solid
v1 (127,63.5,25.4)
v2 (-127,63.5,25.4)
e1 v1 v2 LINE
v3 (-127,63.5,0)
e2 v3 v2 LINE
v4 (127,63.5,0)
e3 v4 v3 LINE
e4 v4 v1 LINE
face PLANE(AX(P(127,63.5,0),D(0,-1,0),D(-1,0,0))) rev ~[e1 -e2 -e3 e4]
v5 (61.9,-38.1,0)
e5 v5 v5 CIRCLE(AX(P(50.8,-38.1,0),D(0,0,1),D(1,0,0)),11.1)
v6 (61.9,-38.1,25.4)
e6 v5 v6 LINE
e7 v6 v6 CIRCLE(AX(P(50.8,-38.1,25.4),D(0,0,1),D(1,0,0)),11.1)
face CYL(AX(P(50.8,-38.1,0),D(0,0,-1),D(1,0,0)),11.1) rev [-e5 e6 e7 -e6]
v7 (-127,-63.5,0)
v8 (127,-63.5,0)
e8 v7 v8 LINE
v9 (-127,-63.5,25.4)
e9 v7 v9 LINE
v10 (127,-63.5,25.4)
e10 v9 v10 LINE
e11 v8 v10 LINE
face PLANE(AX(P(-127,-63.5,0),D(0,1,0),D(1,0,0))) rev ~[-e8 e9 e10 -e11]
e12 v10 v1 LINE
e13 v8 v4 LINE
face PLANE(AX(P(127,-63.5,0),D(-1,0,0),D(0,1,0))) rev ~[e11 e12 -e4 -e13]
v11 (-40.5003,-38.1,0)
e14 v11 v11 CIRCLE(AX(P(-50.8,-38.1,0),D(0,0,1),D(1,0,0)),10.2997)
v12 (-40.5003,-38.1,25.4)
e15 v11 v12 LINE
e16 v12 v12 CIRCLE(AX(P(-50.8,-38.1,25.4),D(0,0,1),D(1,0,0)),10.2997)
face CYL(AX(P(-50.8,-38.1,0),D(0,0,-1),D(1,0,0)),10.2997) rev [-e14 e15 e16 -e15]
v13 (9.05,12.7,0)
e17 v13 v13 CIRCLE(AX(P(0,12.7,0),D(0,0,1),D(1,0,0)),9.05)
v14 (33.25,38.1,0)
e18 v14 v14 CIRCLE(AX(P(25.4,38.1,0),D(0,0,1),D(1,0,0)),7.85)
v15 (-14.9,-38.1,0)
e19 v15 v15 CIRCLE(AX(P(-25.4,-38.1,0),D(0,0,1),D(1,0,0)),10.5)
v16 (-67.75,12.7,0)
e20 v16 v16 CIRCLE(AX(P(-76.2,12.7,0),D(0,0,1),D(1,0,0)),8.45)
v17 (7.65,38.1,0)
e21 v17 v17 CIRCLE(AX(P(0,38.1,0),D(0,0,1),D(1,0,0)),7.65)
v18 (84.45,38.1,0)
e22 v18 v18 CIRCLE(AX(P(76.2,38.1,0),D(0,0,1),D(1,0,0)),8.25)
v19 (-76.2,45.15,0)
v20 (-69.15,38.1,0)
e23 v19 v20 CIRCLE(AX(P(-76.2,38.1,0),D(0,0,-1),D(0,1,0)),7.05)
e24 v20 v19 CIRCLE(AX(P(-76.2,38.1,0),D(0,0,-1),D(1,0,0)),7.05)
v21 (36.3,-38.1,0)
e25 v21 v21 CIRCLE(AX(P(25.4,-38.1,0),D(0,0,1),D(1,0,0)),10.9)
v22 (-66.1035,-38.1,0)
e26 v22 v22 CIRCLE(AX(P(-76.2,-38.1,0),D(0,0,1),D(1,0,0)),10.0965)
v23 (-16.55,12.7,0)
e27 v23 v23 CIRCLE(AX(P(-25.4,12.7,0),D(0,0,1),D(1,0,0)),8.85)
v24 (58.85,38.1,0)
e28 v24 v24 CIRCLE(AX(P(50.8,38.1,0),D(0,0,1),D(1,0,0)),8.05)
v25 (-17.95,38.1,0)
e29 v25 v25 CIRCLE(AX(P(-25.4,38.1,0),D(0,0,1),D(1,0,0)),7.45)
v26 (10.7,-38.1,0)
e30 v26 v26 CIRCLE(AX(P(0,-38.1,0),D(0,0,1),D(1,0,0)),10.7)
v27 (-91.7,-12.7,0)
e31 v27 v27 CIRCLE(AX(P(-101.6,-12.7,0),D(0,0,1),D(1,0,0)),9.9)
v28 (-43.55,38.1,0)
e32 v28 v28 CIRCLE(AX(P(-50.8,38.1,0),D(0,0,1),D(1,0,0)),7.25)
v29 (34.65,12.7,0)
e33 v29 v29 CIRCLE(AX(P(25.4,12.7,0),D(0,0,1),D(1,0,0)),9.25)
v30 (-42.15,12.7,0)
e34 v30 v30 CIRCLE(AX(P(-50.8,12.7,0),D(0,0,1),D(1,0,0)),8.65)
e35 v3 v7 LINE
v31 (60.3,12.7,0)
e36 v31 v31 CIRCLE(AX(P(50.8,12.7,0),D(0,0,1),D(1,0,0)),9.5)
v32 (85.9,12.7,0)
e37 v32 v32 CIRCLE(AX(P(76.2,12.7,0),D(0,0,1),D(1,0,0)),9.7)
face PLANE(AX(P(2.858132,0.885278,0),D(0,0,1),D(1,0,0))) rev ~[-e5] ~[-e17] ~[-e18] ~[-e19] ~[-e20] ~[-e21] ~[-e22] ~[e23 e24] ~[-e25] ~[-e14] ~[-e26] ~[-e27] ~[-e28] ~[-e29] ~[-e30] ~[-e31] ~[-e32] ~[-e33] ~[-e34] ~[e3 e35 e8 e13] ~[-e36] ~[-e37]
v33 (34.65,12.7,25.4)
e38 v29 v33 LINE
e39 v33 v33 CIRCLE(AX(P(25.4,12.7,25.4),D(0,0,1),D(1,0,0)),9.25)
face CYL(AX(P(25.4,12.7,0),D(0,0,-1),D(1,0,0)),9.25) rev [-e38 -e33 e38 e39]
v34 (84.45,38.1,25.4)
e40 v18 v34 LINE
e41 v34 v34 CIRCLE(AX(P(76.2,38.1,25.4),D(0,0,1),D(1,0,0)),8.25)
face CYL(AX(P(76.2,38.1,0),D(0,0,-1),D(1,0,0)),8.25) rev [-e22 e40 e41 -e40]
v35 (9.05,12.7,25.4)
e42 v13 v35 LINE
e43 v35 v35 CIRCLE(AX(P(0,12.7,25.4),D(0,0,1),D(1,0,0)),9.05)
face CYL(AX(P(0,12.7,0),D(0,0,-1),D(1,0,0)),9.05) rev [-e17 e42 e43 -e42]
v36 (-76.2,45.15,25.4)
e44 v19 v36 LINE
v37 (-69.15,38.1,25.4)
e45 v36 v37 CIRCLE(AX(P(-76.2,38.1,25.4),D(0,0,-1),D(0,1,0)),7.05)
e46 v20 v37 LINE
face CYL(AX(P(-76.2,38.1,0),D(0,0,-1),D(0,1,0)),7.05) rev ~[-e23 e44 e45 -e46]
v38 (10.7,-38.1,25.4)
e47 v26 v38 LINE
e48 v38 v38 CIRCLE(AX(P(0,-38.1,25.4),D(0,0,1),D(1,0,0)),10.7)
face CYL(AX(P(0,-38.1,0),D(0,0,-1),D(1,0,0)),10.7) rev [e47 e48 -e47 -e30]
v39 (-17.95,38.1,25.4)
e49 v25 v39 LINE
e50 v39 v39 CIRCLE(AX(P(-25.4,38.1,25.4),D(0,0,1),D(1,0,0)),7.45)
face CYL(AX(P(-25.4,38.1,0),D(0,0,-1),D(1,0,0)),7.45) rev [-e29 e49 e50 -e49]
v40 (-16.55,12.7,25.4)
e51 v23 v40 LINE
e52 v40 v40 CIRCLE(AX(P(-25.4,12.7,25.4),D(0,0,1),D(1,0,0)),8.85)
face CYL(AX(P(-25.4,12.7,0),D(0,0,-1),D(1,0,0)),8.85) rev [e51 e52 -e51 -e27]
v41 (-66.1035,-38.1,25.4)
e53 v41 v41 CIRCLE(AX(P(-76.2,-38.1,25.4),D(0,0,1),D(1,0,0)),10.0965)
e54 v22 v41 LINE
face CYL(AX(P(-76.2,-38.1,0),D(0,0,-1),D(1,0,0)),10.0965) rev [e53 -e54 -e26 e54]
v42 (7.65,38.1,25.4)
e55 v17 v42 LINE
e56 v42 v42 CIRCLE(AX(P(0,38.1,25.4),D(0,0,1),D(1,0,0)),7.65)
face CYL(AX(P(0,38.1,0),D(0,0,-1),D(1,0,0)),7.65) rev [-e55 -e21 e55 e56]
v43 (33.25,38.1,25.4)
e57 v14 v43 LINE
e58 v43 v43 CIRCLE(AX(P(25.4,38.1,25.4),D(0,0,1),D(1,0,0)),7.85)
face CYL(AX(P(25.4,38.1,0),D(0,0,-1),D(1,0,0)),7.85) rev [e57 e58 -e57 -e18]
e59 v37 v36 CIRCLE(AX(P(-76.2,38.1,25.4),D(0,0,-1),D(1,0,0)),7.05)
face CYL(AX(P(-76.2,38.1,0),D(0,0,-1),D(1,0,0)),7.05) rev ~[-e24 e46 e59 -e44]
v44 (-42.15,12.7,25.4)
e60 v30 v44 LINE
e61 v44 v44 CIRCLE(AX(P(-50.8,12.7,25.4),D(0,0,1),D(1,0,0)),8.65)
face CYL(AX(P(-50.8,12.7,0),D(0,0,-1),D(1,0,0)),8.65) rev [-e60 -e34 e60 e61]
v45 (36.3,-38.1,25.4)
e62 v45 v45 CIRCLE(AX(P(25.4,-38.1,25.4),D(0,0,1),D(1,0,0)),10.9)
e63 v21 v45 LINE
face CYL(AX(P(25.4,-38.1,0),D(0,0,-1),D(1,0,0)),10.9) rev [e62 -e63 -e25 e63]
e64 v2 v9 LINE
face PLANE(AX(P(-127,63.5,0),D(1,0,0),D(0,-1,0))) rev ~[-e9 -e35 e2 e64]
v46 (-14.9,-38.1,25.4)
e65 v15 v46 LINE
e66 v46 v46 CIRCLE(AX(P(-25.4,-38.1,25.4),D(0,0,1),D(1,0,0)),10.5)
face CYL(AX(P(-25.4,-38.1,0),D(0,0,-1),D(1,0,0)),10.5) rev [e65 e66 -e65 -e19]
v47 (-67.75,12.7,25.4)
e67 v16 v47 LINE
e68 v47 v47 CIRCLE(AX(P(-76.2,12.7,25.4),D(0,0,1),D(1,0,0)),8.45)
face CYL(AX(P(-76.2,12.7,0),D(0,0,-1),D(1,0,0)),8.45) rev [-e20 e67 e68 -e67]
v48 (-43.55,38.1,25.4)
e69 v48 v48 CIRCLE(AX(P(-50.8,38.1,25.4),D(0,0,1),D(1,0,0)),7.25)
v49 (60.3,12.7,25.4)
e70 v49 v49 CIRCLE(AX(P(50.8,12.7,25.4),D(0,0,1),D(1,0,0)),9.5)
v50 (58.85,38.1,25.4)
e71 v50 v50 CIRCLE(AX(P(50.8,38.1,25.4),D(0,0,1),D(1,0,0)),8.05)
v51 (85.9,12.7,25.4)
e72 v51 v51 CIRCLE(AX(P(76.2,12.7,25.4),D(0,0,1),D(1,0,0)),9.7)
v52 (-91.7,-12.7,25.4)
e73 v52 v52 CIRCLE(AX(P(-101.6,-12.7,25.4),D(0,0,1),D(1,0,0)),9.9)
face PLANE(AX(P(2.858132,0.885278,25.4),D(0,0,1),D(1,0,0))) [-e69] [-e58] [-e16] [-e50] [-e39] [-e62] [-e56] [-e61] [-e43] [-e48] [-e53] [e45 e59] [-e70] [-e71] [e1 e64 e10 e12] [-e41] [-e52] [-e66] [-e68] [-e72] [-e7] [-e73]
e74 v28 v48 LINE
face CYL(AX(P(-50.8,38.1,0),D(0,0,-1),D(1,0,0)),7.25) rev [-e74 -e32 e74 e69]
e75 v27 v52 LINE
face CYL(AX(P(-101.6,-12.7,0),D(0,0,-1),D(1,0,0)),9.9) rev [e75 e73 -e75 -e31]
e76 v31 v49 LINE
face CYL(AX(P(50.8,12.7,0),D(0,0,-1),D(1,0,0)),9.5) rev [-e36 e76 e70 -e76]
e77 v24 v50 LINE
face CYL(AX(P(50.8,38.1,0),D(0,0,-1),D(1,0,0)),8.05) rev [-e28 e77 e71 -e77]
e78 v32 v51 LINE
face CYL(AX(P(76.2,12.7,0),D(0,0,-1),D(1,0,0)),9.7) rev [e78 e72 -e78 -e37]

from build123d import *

# Parameters (mm, degrees)
F0_R     = 10.0965
F0_R_2   = 10.2997
F0_R_3   = 10.5
F0_R_4   = 10.7
F0_W     = 9.1194342613
F0_H     = 4.9047619104
F0_R_5   = 9.9
F0_R_6   = 10.9
F0_R_7   = 11.1
F0_R_8   = 23.6739373033
F0_R_9   = 8.45
F0_R_10  = 8.65
F0_R_11  = 8.85
F0_R_12  = 9.05
F0_R_13  = 7.25
F0_R_14  = 7.45
F0_R_15  = 7.65
F0_R_16  = 9.25
F0_R_17  = 9.5
F0_R_18  = 9.7
F0_R_19  = 7.85
F0_R_20  = 8.05
F0_R_21  = 8.25
F0_W_2   = 4.5597171307
F1_DEPTH = 25.4


with BuildPart() as f1:
    # F0 (on Top) → F1 (new body)
    with BuildSketch(Plane.XY):
        Polygon((127, 63.5), (-127, 63.5), (-127, -63.5), (127, -63.5), (127, 23.2268305156), (122.4402828693, 23.2268305156), (122.4402828693, 28.1315924261), (127, 28.1315924261), (127, 47.6108305156), (122.4402828693, 47.6108305156), (122.4402828693, 52.5155924261), (127, 52.5155924261), align=None)
        with Locations((-76.2, -38.1)):
            Circle(F0_R, mode=Mode.SUBTRACT)
        with Locations((-50.8, -38.1)):
            Circle(F0_R_2, mode=Mode.SUBTRACT)
        with Locations((-25.4, -38.1)):
            Circle(F0_R_3, mode=Mode.SUBTRACT)
        with Locations((0, -38.1)):
            Circle(F0_R_4, mode=Mode.SUBTRACT)
        with Locations((-76.2, -21.8187885292)):
            Rectangle(F0_W, F0_H, mode=Mode.SUBTRACT)
        with Locations((-101.6, -12.7)):
            Circle(F0_R_5, mode=Mode.SUBTRACT)
        with Locations((-50.8, -21.8187885292)):
            Rectangle(F0_W, F0_H, mode=Mode.SUBTRACT)
        with Locations((-25.4, -21.8187885292)):
            Rectangle(F0_W, F0_H, mode=Mode.SUBTRACT)
        with Locations((0, -21.8187885292)):
            Rectangle(F0_W, F0_H, mode=Mode.SUBTRACT)
        with Locations((25.4, -38.1)):
            Circle(F0_R_6, mode=Mode.SUBTRACT)
        with Locations((50.8, -38.1)):
            Circle(F0_R_7, mode=Mode.SUBTRACT)
        with Locations((101.6, -38.1)):
            Circle(F0_R_8, mode=Mode.SUBTRACT)
        with Locations((25.4, -21.8187885292)):
            Rectangle(F0_W, F0_H, mode=Mode.SUBTRACT)
        with Locations((50.8, -21.8187885292)):
            Rectangle(F0_W, F0_H, mode=Mode.SUBTRACT)
        with Locations((-76.2, 12.7)):
            Circle(F0_R_9, mode=Mode.SUBTRACT)
        with Locations((-76.2, 25.6792114708)):
            Rectangle(F0_W, F0_H, mode=Mode.SUBTRACT)
        with Locations((-50.8, 12.7)):
            Circle(F0_R_10, mode=Mode.SUBTRACT)
        with Locations((-25.4, 12.7)):
            Circle(F0_R_11, mode=Mode.SUBTRACT)
        with Locations((0, 12.7)):
            Circle(F0_R_12, mode=Mode.SUBTRACT)
        with Locations((-50.8, 25.6792114708)):
            Rectangle(F0_W, F0_H, mode=Mode.SUBTRACT)
        with Locations((-25.4, 25.6792114708)):
            Rectangle(F0_W, F0_H, mode=Mode.SUBTRACT)
        with Locations((0, 25.6792114708)):
            Rectangle(F0_W, F0_H, mode=Mode.SUBTRACT)
        with BuildLine():
            ThreePointArc((-76.2, 45.15), (-71.2148971926, 43.0851028074), (-69.15, 38.1))
            ThreePointArc((-69.15, 38.1), (-81.1851028074, 33.1148971926), (-76.2, 45.15))
        make_face(mode=Mode.SUBTRACT)
        with Locations((-50.8, 38.1)):
            Circle(F0_R_13, mode=Mode.SUBTRACT)
        with Locations((-25.4, 38.1)):
            Circle(F0_R_14, mode=Mode.SUBTRACT)
        with Locations((0, 38.1)):
            Circle(F0_R_15, mode=Mode.SUBTRACT)
        with Locations((-50.8, 50.0632114708)):
            Rectangle(F0_W, F0_H, mode=Mode.SUBTRACT)
        with Locations((-25.4, 50.0632114708)):
            Rectangle(F0_W, F0_H, mode=Mode.SUBTRACT)
        with Locations((0, 50.0632114708)):
            Rectangle(F0_W, F0_H, mode=Mode.SUBTRACT)
        with Locations((25.4, 12.7)):
            Circle(F0_R_16, mode=Mode.SUBTRACT)
        with Locations((50.8, 12.7)):
            Circle(F0_R_17, mode=Mode.SUBTRACT)
        with Locations((25.4, 25.6792114708)):
            Rectangle(F0_W, F0_H, mode=Mode.SUBTRACT)
        with Locations((50.8, 25.6792114708)):
            Rectangle(F0_W, F0_H, mode=Mode.SUBTRACT)
        with Locations((76.2, 12.7)):
            Circle(F0_R_18, mode=Mode.SUBTRACT)
        with Locations((76.2, 25.6792114708)):
            Rectangle(F0_W, F0_H, mode=Mode.SUBTRACT)
        with Locations((101.6, 25.6792114708)):
            Rectangle(F0_W, F0_H, mode=Mode.SUBTRACT)
        with Locations((25.4, 38.1)):
            Circle(F0_R_19, mode=Mode.SUBTRACT)
        with Locations((50.8, 38.1)):
            Circle(F0_R_20, mode=Mode.SUBTRACT)
        with Locations((25.4, 50.0632114708)):
            Rectangle(F0_W, F0_H, mode=Mode.SUBTRACT)
        with Locations((50.8, 50.0632114708)):
            Rectangle(F0_W, F0_H, mode=Mode.SUBTRACT)
        with Locations((76.2, 38.1)):
            Circle(F0_R_21, mode=Mode.SUBTRACT)
        with Locations((76.2, 50.0632114708)):
            Rectangle(F0_W, F0_H, mode=Mode.SUBTRACT)
        with Locations((101.6, 50.0632114708)):
            Rectangle(F0_W, F0_H, mode=Mode.SUBTRACT)
        with Locations((101.6, -38.1)):
            Circle(F0_R_8)
        with Locations((-50.8, 50.0632114708)):
            Rectangle(F0_W, F0_H)
        with Locations((-25.4, 50.0632114708)):
            Rectangle(F0_W, F0_H)
        with Locations((0, 50.0632114708)):
            Rectangle(F0_W, F0_H)
        with Locations((25.4, 50.0632114708)):
            Rectangle(F0_W, F0_H)
        with Locations((-76.2, 25.6792114708)):
            Rectangle(F0_W, F0_H)
        with Locations((-50.8, 25.6792114708)):
            Rectangle(F0_W, F0_H)
        with Locations((-25.4, 25.6792114708)):
            Rectangle(F0_W, F0_H)
        with Locations((0, 25.6792114708)):
            Rectangle(F0_W, F0_H)
        with Locations((25.4, 25.6792114708)):
            Rectangle(F0_W, F0_H)
        with Locations((50.8, 25.6792114708)):
            Rectangle(F0_W, F0_H)
        with Locations((50.8, 50.0632114708)):
            Rectangle(F0_W, F0_H)
        with Locations((76.2, 50.0632114708)):
            Rectangle(F0_W, F0_H)
        with Locations((101.6, 50.0632114708)):
            Rectangle(F0_W, F0_H)
        with Locations((76.2, 25.6792114708)):
            Rectangle(F0_W, F0_H)
        with Locations((-76.2, -21.8187885292)):
            Rectangle(F0_W, F0_H)
        with Locations((-50.8, -21.8187885292)):
            Rectangle(F0_W, F0_H)
        with Locations((-25.4, -21.8187885292)):
            Rectangle(F0_W, F0_H)
        with Locations((0, -21.8187885292)):
            Rectangle(F0_W, F0_H)
        with Locations((50.8, -21.8187885292)):
            Rectangle(F0_W, F0_H)
        with Locations((25.4, -21.8187885292)):
            Rectangle(F0_W, F0_H)
        with Locations((101.6, 25.6792114708)):
            Rectangle(F0_W, F0_H)
        with Locations((124.7201414347, 50.0632114708)):
            Rectangle(F0_W_2, F0_H)
        with Locations((124.7201414347, 25.6792114708)):
            Rectangle(F0_W_2, F0_H)
    extrude(amount=F1_DEPTH)


solid = f1.part
